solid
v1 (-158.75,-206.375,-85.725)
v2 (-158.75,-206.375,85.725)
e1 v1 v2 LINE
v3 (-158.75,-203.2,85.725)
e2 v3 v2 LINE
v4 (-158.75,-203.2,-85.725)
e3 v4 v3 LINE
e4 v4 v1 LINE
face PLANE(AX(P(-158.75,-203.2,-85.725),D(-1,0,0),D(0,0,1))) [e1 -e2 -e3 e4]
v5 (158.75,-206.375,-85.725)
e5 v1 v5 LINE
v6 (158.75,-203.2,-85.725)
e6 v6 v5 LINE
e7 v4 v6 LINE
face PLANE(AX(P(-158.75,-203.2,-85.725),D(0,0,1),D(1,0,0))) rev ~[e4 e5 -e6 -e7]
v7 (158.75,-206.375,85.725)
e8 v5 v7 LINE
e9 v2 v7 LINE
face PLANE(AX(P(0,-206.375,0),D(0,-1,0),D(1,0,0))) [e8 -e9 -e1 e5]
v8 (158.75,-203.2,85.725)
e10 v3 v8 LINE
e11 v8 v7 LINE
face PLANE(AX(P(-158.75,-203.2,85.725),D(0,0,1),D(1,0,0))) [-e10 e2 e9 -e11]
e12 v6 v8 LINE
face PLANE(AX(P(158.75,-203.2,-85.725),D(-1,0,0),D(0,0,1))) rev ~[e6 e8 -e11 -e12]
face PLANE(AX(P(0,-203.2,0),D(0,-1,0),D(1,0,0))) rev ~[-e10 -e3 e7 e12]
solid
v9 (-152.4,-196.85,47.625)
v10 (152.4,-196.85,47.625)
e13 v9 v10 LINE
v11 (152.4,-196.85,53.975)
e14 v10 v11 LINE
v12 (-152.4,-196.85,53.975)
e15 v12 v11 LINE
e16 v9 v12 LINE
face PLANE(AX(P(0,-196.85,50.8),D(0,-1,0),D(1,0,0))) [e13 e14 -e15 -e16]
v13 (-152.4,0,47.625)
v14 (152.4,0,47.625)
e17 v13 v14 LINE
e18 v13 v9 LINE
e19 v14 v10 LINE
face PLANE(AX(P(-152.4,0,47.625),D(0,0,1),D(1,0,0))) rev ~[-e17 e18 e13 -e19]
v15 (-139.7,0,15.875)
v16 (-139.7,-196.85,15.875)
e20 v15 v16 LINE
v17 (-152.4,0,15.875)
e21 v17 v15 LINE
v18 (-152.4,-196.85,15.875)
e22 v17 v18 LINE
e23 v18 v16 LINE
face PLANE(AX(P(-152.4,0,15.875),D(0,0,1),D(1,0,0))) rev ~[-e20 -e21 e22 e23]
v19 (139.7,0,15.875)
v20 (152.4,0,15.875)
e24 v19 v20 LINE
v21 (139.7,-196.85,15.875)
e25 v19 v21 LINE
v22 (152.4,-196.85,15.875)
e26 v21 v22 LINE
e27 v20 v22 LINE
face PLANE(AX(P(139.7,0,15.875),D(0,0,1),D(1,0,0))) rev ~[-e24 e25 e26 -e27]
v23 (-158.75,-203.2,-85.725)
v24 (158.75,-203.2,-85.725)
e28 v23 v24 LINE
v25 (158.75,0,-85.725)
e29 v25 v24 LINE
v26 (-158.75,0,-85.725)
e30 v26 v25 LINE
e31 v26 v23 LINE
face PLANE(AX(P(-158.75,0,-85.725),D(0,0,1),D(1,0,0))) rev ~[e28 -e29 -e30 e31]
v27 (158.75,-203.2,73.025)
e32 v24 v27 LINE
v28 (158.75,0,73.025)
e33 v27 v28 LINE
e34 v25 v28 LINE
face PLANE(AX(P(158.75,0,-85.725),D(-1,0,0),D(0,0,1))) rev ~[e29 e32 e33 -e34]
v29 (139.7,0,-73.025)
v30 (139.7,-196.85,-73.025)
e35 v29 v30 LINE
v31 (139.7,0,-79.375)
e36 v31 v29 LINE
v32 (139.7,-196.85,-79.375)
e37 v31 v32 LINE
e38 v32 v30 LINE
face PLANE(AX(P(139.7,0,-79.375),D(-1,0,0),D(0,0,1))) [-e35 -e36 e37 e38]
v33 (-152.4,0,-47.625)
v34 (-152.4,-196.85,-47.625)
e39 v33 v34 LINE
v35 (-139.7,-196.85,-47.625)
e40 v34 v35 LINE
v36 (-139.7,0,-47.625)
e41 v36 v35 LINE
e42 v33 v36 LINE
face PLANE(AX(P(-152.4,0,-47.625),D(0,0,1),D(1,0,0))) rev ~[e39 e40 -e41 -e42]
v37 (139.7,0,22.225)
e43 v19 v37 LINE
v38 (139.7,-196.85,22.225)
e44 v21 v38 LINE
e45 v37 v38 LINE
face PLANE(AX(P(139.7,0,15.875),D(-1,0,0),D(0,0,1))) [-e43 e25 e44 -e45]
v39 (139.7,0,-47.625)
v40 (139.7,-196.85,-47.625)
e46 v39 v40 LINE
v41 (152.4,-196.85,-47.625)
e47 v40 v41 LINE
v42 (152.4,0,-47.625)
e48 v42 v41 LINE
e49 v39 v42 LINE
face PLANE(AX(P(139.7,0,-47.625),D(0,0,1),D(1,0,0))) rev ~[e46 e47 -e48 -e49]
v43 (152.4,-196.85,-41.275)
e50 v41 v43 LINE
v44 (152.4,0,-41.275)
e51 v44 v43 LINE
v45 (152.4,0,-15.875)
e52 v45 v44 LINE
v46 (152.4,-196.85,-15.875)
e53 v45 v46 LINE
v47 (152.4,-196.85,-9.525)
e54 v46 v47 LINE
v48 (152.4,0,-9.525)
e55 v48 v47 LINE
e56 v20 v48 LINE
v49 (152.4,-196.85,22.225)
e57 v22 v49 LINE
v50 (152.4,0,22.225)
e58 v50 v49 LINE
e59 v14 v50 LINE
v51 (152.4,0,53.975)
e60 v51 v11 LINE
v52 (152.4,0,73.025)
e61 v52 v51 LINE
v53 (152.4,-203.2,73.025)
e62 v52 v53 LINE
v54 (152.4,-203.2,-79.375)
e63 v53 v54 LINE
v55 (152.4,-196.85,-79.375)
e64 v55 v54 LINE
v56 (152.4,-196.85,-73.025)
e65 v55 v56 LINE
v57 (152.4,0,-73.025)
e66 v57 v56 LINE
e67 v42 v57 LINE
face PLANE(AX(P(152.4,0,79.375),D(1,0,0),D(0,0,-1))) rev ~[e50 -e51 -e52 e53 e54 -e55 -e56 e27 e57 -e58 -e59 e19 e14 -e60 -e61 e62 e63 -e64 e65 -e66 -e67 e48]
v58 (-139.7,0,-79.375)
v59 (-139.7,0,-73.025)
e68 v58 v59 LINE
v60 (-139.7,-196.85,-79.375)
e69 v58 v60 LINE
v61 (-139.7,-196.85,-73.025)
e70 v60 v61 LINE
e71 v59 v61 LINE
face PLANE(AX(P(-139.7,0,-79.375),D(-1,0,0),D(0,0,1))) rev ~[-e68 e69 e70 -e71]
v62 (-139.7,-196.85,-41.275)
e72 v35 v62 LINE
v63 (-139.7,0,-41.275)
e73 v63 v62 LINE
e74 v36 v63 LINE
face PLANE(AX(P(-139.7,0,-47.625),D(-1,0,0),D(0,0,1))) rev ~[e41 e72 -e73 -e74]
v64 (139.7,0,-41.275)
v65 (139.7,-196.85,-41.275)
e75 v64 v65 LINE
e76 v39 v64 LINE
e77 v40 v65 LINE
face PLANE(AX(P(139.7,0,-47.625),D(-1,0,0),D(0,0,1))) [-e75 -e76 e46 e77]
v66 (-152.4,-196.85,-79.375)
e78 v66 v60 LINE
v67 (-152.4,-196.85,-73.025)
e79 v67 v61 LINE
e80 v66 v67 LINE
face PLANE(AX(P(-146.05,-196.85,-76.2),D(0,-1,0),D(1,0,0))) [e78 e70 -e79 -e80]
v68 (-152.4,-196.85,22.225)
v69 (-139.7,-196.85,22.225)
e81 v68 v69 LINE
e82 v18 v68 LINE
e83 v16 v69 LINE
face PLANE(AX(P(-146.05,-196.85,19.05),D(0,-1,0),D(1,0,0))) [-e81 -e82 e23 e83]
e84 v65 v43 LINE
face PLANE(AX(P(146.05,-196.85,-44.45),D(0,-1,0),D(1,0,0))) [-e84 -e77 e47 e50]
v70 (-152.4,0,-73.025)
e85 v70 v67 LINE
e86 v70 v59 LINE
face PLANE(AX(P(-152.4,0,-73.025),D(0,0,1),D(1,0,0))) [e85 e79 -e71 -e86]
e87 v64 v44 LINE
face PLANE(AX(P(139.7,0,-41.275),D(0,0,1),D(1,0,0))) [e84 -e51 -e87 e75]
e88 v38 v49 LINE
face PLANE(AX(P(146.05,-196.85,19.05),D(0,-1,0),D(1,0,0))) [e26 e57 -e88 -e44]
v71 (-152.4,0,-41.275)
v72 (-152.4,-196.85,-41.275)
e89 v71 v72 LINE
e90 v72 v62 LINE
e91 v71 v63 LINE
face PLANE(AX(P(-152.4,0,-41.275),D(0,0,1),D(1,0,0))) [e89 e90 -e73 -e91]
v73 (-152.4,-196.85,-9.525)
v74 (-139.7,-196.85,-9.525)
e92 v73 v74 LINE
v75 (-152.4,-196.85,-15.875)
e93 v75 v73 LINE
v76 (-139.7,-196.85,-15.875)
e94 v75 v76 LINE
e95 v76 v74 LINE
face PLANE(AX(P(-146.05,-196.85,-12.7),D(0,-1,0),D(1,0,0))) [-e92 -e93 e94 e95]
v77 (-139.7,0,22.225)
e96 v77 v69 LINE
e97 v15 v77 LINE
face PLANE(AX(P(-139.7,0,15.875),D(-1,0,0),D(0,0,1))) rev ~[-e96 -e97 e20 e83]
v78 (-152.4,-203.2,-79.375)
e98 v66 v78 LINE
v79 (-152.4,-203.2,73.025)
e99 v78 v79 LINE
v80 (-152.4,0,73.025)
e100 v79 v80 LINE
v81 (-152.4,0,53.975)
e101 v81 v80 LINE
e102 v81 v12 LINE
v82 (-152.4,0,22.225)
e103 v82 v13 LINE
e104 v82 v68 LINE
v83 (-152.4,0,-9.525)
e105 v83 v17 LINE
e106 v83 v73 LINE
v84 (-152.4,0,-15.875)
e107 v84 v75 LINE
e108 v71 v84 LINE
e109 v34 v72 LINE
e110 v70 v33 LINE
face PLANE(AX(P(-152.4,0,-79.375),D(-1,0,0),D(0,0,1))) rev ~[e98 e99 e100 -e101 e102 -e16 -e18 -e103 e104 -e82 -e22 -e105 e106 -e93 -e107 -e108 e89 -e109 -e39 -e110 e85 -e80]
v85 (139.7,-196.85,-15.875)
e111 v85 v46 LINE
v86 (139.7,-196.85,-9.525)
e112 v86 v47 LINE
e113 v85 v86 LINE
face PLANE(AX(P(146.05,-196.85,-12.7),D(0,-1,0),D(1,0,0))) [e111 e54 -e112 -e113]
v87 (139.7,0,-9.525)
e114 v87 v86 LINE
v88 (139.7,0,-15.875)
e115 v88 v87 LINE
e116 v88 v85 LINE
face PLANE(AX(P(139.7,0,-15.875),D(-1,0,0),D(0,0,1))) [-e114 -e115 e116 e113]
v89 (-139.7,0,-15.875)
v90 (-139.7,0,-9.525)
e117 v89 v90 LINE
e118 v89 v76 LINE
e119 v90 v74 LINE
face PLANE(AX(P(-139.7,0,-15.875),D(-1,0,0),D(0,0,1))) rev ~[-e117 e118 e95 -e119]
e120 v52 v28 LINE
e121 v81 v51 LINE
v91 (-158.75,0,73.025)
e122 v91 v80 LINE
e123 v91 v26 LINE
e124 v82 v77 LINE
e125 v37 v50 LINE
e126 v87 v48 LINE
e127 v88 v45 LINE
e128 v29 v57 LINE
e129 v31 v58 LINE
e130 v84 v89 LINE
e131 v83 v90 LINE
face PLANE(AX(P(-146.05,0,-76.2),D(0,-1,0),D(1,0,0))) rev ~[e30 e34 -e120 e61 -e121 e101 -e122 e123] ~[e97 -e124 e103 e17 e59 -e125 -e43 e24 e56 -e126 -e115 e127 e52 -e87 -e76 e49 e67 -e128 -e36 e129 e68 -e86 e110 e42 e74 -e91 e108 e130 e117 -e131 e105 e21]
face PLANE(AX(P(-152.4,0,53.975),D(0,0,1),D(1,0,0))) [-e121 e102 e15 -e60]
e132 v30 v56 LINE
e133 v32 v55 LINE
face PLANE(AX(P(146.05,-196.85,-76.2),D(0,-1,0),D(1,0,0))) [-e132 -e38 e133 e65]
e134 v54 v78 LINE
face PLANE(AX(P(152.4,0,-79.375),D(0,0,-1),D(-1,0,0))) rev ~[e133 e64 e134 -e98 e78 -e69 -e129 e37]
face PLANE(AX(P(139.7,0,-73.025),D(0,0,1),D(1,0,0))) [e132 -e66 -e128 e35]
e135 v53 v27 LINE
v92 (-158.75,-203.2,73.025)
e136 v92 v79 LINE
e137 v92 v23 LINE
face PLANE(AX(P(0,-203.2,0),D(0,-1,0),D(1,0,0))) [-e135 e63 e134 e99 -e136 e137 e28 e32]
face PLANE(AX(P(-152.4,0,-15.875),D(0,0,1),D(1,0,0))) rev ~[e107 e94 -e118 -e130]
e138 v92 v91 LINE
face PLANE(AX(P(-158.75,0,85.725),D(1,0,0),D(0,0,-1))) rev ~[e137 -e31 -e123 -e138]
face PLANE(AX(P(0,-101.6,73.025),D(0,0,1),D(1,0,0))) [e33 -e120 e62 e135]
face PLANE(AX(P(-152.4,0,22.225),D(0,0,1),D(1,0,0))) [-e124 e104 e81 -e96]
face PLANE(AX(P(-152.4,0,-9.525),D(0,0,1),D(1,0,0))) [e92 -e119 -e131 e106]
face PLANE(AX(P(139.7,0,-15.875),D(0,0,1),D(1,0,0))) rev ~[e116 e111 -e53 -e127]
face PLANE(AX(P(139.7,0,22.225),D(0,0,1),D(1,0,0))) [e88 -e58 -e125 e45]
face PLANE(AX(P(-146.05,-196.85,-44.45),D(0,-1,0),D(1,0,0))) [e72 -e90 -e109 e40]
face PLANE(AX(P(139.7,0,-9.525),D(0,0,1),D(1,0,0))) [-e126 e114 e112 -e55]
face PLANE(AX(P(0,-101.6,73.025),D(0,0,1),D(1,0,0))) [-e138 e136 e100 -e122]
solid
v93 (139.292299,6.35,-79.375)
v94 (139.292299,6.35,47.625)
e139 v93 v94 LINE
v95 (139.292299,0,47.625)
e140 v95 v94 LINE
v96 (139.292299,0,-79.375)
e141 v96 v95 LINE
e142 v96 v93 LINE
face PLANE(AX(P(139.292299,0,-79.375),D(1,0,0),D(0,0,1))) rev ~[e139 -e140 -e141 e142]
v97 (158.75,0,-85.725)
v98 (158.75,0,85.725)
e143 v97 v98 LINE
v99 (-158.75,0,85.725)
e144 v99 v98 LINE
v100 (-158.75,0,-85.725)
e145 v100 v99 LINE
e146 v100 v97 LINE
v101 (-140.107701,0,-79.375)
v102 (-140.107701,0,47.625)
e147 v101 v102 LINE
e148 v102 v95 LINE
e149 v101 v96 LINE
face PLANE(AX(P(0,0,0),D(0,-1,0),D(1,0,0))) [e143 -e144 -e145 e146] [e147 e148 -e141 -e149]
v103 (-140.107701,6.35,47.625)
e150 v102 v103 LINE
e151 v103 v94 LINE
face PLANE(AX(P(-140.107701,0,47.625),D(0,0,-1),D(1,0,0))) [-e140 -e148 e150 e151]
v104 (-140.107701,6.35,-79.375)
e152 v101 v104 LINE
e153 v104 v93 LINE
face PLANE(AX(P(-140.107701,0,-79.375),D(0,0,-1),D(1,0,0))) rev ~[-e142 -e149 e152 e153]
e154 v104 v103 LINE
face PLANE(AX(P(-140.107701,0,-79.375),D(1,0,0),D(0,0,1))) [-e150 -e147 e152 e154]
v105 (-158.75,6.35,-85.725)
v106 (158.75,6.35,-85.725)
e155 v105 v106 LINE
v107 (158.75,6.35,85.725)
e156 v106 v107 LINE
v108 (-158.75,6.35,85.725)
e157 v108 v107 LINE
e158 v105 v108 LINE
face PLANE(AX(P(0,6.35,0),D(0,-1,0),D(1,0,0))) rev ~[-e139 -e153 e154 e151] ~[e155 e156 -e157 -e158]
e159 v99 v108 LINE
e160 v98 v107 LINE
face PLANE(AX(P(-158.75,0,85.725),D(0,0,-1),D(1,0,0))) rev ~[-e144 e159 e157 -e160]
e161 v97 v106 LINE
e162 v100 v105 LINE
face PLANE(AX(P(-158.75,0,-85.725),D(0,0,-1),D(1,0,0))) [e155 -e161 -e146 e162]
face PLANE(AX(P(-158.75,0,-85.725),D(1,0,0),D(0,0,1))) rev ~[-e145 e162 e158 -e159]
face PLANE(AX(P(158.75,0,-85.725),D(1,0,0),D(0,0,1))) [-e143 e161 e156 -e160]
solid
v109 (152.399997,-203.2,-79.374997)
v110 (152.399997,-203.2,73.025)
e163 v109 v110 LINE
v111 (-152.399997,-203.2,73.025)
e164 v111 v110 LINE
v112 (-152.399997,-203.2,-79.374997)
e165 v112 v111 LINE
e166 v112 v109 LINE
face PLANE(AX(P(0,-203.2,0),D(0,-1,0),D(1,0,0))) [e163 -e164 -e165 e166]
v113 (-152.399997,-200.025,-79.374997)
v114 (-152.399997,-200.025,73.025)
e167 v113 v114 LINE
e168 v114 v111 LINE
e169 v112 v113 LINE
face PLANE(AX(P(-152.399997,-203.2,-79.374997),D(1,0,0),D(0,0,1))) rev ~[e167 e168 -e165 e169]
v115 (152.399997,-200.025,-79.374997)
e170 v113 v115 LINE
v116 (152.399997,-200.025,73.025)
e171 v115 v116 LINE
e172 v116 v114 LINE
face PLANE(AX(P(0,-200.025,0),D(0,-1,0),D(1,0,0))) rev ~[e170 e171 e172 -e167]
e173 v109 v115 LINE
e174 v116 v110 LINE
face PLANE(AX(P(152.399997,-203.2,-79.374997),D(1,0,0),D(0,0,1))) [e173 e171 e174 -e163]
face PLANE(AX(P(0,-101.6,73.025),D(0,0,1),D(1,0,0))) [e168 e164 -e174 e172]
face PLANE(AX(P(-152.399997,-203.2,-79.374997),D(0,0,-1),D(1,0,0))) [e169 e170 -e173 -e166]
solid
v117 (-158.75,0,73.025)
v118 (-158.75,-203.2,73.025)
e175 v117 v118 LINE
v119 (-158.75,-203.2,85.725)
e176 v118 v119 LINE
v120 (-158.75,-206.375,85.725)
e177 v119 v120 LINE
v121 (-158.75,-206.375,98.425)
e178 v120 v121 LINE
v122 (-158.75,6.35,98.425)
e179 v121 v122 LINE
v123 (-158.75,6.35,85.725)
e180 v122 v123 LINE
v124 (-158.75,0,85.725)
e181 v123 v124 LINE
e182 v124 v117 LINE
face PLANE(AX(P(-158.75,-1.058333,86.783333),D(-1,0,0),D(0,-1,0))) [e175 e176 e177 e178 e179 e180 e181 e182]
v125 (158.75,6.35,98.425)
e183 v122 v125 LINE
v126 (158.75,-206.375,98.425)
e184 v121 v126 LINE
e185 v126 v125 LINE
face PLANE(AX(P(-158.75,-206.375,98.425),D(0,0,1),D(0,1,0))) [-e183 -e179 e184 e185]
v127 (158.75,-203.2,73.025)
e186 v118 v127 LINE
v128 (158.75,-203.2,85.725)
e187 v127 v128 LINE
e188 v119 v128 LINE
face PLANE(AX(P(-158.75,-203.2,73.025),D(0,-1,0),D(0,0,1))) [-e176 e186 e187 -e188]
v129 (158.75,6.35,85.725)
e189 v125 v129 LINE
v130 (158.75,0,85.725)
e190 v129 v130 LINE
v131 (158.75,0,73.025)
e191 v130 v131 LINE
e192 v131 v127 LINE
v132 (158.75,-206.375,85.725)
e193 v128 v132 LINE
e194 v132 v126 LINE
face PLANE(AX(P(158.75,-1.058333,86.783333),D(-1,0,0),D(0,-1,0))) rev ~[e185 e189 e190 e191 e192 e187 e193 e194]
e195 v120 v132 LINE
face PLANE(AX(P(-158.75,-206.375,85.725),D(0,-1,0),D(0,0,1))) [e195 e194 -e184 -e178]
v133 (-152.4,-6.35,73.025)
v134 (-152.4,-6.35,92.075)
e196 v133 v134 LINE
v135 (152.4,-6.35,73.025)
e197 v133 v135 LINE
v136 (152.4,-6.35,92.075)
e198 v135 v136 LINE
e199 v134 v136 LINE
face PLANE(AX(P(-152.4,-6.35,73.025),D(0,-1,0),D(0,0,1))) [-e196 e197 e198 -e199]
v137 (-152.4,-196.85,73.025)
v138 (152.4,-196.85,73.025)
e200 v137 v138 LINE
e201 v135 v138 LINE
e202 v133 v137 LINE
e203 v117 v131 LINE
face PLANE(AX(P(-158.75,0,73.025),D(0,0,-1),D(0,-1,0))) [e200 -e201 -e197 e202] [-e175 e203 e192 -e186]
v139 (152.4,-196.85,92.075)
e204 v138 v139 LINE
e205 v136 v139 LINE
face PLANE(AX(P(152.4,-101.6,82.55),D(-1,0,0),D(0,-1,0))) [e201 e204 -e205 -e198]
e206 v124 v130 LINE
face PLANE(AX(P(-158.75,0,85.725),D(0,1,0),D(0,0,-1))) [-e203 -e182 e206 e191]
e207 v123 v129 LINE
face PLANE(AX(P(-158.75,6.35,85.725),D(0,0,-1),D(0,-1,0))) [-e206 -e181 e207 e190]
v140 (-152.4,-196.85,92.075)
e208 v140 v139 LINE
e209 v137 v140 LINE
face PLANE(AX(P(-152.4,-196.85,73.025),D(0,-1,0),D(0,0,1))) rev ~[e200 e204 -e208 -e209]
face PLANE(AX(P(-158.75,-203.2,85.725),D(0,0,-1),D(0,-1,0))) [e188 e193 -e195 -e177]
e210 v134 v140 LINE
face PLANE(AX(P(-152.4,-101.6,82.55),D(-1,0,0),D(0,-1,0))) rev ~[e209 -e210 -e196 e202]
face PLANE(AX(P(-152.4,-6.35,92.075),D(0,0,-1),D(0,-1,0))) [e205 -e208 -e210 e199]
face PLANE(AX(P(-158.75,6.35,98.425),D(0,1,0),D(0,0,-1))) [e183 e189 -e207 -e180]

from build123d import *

# Parameters (mm, degrees)
F1_DEPTH  = 203.2
F0_W      = 304.8
F0_H      = 6.35
F0_W_2    = 12.7
F2_DEPTH  = 196.85
F5_W      = 317.5
F5_H      = 171.45
F5_W_2    = 304.7999936342
F5_H_2    = 158.7499936342
F6_DEPTH  = 3.175
F8_W      = 317.5
F8_H      = 171.45
F8_W_2    = 279.4
F8_H_2    = 127
F9_DEPTH  = 6.35
F10_DEPTH = 3.175
F11_W     = 317.5
F11_H     = 203.2
F12_DEPTH = 25.4
F14_W     = 190.5
F14_H     = 6.35
F14_H_2   = 19.05
F15_DEPTH = 317.5
F16_START = -6.35
F16_DEPTH = 304.8


with BuildPart() as f1:
    # F0 (on Front) → F1 (new body)
    with BuildSketch(Plane.XZ):
        Polygon((158.75, 85.725), (-158.75, 85.725), (-158.75, -79.375), (-158.75, -85.725), (158.75, -85.725), align=None)
        Polygon((-152.4, 53.975), (-152.4, 79.375), (152.4, 79.375), (152.4, 53.975), (152.4, 47.625), (152.4, 22.225), (152.4, 15.875), (152.4, -9.525), (152.4, -15.875), (152.4, -41.275), (152.4, -47.625), (152.4, -73.025), (152.4, -79.375), (139.7, -79.375), (-139.7, -79.375), (-152.4, -79.375), (-152.4, -73.025), (-152.4, -47.625), (-152.4, -41.275), (-152.4, -15.875), (-152.4, -9.525), (-152.4, 15.875), (-152.4, 22.225), (-152.4, 47.625), align=None, mode=Mode.SUBTRACT)
    extrude(amount=F1_DEPTH)

    # F0 (on Front) → F2 (join)
    with BuildSketch(Plane.XZ):
        with Locations((0, 50.8)):
            Rectangle(F0_W, F0_H)
        with Locations((-146.05, -12.7)):
            Rectangle(F0_W_2, F0_H)
        with Locations((-146.05, -44.45)):
            Rectangle(F0_W_2, F0_H)
        with Locations((-146.05, -76.2)):
            Rectangle(F0_W_2, F0_H)
        with Locations((146.05, -76.2)):
            Rectangle(F0_W_2, F0_H)
        with Locations((146.05, -44.45)):
            Rectangle(F0_W_2, F0_H)
        with Locations((146.05, -12.7)):
            Rectangle(F0_W_2, F0_H)
        with Locations((-146.05, 19.05)):
            Rectangle(F0_W_2, F0_H)
        with Locations((146.05, 19.05)):
            Rectangle(F0_W_2, F0_H)
    extrude(amount=F2_DEPTH)


with BuildPart() as f6:
    # F5 (on offset) → F6 (new body)
    with BuildSketch(Plane.XZ.offset(203.2)):
        Rectangle(F5_W, F5_H)
        Rectangle(F5_W_2, F5_H_2, mode=Mode.SUBTRACT)
        Rectangle(F5_W_2, F5_H_2)
    extrude(amount=F6_DEPTH)


with BuildPart() as f9:
    # F8 (on offset) → F9 (new body)
    with BuildSketch(Plane.XZ):
        Rectangle(F8_W, F8_H)
        with Locations((-0.4077010231, -15.875)):
            Rectangle(F8_W_2, F8_H_2, mode=Mode.SUBTRACT)
    extrude(amount=-F9_DEPTH)


with BuildPart() as f10:
    # F5 (on offset) → F10 (new body)
    with BuildSketch(Plane.XZ.offset(203.2)):
        Rectangle(F5_W_2, F5_H_2)
    extrude(amount=-F10_DEPTH)


with BuildPart() as f12_tool:
    # F11 (on offset) → F12 (new body)
    with BuildSketch(Plane.XY.offset(73.025)):
        with Locations((0, -101.6)):
            Rectangle(F11_W, F11_H)
    extrude(amount=F12_DEPTH)


with BuildPart() as f1_1:
    add(f1.part)

    # F12: cut by f12_tool
    add(f12_tool.part, mode=Mode.SUBTRACT)


with BuildPart() as f10_1:
    add(f10.part)

    # F12: cut by f12_tool
    add(f12_tool.part, mode=Mode.SUBTRACT)


with BuildPart() as f15:
    # F14 (on offset) → F15 (new body, through all)
    with BuildSketch(Plane(origin=(-158.75, 0, 0), x_dir=(0, -1, 0), z_dir=(-1, 0, 0))):
        Polygon((-6.35, 98.425), (-6.35, 85.725), (0, 85.725), (0, 73.025), (6.35, 73.025), (6.35, 92.075), (6.35, 98.425), align=None)
        with Locations((101.6, 95.25)):
            Rectangle(F14_W, F14_H)
        Polygon((206.375, 98.425), (196.85, 98.425), (196.85, 92.075), (196.85, 73.025), (203.2, 73.025), (203.2, 85.725), (206.375, 85.725), align=None)
        with Locations((101.6, 82.55)):
            Rectangle(F14_W, F14_H_2)
    extrude(amount=-F15_DEPTH)

    # F14 (on offset) → F16 (cut)
    with BuildSketch(Plane(origin=(-158.75, 0, 0), x_dir=(0, -1, 0), z_dir=(-1, 0, 0)).offset(F16_START)):
        with Locations((101.6, 82.55)):
            Rectangle(F14_W, F14_H_2)
    extrude(amount=-F16_DEPTH, mode=Mode.SUBTRACT)


solid = Compound([f6.part, f9.part, f1_1.part, f10_1.part, f15.part])
